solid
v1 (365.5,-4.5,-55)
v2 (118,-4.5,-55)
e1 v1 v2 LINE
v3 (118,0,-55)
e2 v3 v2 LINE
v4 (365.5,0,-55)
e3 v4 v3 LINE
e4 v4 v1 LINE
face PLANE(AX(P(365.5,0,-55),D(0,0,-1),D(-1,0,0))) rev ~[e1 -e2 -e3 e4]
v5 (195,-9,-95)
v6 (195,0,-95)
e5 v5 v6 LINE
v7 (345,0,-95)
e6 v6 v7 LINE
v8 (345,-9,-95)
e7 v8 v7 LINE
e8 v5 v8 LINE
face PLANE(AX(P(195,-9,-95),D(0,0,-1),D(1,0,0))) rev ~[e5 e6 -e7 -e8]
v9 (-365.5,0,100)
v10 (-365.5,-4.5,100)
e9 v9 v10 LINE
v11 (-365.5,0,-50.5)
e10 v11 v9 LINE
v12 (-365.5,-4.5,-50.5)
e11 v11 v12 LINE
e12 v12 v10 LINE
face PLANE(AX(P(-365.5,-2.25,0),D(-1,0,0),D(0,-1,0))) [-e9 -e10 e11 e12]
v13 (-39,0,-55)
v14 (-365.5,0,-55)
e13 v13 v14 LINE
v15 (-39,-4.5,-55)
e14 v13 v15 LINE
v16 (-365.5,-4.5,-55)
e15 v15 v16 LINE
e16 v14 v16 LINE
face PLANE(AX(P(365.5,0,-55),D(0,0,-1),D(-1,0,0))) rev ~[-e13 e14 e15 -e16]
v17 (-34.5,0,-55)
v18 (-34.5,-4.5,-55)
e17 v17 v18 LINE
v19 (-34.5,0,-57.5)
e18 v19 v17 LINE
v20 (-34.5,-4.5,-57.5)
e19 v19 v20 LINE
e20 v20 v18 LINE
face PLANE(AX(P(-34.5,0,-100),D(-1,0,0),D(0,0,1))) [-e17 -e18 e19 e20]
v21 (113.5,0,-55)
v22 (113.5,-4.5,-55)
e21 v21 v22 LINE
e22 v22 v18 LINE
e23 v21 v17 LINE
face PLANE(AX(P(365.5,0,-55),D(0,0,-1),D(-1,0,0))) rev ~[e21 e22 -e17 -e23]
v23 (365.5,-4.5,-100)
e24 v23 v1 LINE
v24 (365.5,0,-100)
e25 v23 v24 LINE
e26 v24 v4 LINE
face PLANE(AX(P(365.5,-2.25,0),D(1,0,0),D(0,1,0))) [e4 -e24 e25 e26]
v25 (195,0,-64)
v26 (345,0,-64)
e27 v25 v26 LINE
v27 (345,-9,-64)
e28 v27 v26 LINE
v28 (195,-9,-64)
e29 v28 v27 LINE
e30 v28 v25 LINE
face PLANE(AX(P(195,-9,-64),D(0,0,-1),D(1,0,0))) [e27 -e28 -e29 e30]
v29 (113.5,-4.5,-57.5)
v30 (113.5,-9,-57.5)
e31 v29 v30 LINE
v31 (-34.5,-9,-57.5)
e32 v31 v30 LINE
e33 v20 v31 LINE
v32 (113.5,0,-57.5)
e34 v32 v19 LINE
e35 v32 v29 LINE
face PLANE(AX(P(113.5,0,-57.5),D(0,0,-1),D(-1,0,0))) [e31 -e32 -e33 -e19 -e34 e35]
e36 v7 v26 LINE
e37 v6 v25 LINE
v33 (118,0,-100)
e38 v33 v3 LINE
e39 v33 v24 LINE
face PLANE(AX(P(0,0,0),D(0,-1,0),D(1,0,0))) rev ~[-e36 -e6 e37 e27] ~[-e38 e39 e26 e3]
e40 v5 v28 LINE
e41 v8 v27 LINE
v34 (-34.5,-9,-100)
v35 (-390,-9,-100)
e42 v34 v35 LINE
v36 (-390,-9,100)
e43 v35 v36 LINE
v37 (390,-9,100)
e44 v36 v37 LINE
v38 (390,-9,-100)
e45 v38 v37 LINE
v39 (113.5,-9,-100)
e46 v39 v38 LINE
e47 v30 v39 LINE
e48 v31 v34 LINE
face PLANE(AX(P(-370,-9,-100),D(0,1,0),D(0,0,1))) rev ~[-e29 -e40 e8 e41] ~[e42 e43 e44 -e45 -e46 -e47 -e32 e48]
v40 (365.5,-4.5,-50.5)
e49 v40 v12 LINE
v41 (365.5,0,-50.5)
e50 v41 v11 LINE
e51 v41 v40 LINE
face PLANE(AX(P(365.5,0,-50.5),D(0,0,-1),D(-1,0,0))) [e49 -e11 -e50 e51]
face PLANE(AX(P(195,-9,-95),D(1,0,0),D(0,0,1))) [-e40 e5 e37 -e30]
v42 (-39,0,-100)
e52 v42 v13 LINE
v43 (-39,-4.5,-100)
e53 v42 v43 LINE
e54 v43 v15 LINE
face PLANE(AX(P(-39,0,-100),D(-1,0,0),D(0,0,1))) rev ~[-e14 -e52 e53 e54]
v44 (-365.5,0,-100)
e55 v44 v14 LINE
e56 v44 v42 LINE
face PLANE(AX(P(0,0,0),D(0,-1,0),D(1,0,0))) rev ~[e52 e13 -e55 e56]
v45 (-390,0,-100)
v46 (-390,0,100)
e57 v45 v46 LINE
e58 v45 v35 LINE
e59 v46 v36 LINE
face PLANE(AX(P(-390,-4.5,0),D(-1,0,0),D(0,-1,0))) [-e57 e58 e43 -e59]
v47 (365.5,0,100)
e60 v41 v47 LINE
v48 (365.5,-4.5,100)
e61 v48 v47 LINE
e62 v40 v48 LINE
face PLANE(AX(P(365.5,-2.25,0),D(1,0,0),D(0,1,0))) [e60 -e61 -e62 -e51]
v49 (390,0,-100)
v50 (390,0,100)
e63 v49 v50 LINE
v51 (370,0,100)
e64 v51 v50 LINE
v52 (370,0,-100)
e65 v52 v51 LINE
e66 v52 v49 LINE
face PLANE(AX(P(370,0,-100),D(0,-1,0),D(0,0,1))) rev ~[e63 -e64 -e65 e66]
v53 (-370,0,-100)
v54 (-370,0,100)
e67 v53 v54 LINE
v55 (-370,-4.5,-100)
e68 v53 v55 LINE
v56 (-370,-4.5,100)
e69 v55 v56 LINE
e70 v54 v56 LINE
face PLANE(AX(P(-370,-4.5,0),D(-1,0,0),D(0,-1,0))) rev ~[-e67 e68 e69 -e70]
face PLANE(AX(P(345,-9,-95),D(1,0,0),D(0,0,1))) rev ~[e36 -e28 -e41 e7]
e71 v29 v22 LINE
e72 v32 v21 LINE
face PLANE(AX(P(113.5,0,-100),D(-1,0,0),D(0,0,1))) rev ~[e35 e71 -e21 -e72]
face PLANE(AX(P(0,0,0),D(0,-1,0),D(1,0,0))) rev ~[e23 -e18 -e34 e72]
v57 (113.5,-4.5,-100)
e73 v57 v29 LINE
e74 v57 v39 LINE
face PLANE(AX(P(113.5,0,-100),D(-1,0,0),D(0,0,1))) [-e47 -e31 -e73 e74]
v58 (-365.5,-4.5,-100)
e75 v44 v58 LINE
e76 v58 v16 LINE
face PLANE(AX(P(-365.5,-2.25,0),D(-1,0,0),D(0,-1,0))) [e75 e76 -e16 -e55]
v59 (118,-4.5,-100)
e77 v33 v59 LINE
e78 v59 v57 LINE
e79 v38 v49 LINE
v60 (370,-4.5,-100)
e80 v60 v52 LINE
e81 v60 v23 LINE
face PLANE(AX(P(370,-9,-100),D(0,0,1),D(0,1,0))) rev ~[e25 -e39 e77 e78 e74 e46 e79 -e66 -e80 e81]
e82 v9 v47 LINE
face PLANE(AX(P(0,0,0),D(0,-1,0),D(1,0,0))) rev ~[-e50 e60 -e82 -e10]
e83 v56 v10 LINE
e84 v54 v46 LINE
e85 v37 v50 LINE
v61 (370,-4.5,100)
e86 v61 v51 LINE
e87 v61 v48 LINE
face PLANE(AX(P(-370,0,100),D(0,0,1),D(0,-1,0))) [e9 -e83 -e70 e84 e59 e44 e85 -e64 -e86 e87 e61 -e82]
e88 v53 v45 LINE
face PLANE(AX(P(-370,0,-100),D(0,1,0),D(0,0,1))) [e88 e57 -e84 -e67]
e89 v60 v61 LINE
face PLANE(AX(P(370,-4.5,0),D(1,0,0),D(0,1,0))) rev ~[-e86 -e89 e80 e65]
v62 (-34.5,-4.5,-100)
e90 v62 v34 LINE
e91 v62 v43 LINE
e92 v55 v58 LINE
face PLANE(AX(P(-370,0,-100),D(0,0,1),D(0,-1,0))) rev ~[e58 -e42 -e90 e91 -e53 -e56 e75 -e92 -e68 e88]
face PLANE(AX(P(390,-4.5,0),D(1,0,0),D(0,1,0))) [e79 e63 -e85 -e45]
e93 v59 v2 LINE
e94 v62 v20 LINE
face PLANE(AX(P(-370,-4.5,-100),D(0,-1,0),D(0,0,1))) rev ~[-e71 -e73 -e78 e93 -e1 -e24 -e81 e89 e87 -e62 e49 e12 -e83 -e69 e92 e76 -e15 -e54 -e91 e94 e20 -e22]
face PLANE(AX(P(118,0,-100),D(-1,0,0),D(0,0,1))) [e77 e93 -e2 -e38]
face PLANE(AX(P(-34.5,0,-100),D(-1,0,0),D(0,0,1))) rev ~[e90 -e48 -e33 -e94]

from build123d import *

# Parameters (mm, degrees)
F0_W      = 740
F0_H      = 200
F1_DEPTH  = 9
F2_W      = 4.5
F2_H      = 200
F3_DEPTH  = 4.5
F4_W      = 4.5
F4_H      = 200
F5_DEPTH  = 4.5
F6_W      = 731
F6_H      = 4.5
F7_DEPTH  = 4.5
F8_W      = 150
F8_H      = 31
F9_DEPTH  = 9
F10_W     = 148
F10_H     = 42.5
F11_DEPTH = 9.001
F12_W     = 4.5
F12_H     = 45
F13_DEPTH = 4.5
F14_W     = 9
F14_H     = 200
F15_DEPTH = 20
F16_W     = 9
F16_H     = 200
F17_DEPTH = 20


with BuildPart() as f1:
    # F0 (on Front) → F1 (new body)
    with BuildSketch(Plane.XZ):
        Rectangle(F0_W, F0_H)
    extrude(amount=F1_DEPTH)

    # F2 (on face) → F3 (cut)
    with BuildSketch(Plane.YZ.offset(370)):
        with Locations((-2.25, 0)):
            Rectangle(F2_W, F2_H)
    extrude(amount=-F3_DEPTH, mode=Mode.SUBTRACT)

    # F4 (on face) → F5 (cut)
    with BuildSketch(Plane(origin=(-370, 0, 0), x_dir=(0, -1, 0), z_dir=(-1, 0, 0))):
        with Locations((2.25, 0)):
            Rectangle(F4_W, F4_H)
    extrude(amount=-F5_DEPTH, mode=Mode.SUBTRACT)

    # F6 (on face) → F7 (cut)
    with BuildSketch(Plane(origin=(0, 0, 0), x_dir=(-1, 0, 0), z_dir=(0, 1, 0))):
        with Locations((0, -52.75)):
            Rectangle(F6_W, F6_H)
    extrude(amount=-F7_DEPTH, mode=Mode.SUBTRACT)

    # F8 (on face) → F9 (cut, through all)
    with BuildSketch(Plane.XZ.offset(9)):
        with Locations((270, -79.5)):
            Rectangle(F8_W, F8_H)
    extrude(amount=-F9_DEPTH, mode=Mode.SUBTRACT)

    # F10 (on face) → F11 (cut, through all)
    with BuildSketch(Plane(origin=(0, 0, 0), x_dir=(-1, 0, 0), z_dir=(0, 1, 0))):
        with Locations((-39.5, -78.75)):
            Rectangle(F10_W, F10_H)
    extrude(amount=-F11_DEPTH, mode=Mode.SUBTRACT)

    # F12 (on face) → F13 (cut)
    with BuildSketch(Plane(origin=(0, 0, 0), x_dir=(-1, 0, 0), z_dir=(0, 1, 0))):
        with Locations((36.75, -77.5)):
            Rectangle(F12_W, F12_H)
        with Locations((-115.75, -77.5)):
            Rectangle(F12_W, F12_H)
    extrude(amount=-F13_DEPTH, mode=Mode.SUBTRACT)

    # F14 (on face) → F15 (join)
    with BuildSketch(Plane.YZ.offset(370)):
        with Locations((-4.5, 0)):
            Rectangle(F14_W, F14_H)
    extrude(amount=F15_DEPTH)

    # F16 (on face) → F17 (join)
    with BuildSketch(Plane(origin=(-370, 0, 0), x_dir=(0, -1, 0), z_dir=(-1, 0, 0))):
        with Locations((4.5, 0)):
            Rectangle(F16_W, F16_H)
    extrude(amount=F17_DEPTH)


solid = f1.part
